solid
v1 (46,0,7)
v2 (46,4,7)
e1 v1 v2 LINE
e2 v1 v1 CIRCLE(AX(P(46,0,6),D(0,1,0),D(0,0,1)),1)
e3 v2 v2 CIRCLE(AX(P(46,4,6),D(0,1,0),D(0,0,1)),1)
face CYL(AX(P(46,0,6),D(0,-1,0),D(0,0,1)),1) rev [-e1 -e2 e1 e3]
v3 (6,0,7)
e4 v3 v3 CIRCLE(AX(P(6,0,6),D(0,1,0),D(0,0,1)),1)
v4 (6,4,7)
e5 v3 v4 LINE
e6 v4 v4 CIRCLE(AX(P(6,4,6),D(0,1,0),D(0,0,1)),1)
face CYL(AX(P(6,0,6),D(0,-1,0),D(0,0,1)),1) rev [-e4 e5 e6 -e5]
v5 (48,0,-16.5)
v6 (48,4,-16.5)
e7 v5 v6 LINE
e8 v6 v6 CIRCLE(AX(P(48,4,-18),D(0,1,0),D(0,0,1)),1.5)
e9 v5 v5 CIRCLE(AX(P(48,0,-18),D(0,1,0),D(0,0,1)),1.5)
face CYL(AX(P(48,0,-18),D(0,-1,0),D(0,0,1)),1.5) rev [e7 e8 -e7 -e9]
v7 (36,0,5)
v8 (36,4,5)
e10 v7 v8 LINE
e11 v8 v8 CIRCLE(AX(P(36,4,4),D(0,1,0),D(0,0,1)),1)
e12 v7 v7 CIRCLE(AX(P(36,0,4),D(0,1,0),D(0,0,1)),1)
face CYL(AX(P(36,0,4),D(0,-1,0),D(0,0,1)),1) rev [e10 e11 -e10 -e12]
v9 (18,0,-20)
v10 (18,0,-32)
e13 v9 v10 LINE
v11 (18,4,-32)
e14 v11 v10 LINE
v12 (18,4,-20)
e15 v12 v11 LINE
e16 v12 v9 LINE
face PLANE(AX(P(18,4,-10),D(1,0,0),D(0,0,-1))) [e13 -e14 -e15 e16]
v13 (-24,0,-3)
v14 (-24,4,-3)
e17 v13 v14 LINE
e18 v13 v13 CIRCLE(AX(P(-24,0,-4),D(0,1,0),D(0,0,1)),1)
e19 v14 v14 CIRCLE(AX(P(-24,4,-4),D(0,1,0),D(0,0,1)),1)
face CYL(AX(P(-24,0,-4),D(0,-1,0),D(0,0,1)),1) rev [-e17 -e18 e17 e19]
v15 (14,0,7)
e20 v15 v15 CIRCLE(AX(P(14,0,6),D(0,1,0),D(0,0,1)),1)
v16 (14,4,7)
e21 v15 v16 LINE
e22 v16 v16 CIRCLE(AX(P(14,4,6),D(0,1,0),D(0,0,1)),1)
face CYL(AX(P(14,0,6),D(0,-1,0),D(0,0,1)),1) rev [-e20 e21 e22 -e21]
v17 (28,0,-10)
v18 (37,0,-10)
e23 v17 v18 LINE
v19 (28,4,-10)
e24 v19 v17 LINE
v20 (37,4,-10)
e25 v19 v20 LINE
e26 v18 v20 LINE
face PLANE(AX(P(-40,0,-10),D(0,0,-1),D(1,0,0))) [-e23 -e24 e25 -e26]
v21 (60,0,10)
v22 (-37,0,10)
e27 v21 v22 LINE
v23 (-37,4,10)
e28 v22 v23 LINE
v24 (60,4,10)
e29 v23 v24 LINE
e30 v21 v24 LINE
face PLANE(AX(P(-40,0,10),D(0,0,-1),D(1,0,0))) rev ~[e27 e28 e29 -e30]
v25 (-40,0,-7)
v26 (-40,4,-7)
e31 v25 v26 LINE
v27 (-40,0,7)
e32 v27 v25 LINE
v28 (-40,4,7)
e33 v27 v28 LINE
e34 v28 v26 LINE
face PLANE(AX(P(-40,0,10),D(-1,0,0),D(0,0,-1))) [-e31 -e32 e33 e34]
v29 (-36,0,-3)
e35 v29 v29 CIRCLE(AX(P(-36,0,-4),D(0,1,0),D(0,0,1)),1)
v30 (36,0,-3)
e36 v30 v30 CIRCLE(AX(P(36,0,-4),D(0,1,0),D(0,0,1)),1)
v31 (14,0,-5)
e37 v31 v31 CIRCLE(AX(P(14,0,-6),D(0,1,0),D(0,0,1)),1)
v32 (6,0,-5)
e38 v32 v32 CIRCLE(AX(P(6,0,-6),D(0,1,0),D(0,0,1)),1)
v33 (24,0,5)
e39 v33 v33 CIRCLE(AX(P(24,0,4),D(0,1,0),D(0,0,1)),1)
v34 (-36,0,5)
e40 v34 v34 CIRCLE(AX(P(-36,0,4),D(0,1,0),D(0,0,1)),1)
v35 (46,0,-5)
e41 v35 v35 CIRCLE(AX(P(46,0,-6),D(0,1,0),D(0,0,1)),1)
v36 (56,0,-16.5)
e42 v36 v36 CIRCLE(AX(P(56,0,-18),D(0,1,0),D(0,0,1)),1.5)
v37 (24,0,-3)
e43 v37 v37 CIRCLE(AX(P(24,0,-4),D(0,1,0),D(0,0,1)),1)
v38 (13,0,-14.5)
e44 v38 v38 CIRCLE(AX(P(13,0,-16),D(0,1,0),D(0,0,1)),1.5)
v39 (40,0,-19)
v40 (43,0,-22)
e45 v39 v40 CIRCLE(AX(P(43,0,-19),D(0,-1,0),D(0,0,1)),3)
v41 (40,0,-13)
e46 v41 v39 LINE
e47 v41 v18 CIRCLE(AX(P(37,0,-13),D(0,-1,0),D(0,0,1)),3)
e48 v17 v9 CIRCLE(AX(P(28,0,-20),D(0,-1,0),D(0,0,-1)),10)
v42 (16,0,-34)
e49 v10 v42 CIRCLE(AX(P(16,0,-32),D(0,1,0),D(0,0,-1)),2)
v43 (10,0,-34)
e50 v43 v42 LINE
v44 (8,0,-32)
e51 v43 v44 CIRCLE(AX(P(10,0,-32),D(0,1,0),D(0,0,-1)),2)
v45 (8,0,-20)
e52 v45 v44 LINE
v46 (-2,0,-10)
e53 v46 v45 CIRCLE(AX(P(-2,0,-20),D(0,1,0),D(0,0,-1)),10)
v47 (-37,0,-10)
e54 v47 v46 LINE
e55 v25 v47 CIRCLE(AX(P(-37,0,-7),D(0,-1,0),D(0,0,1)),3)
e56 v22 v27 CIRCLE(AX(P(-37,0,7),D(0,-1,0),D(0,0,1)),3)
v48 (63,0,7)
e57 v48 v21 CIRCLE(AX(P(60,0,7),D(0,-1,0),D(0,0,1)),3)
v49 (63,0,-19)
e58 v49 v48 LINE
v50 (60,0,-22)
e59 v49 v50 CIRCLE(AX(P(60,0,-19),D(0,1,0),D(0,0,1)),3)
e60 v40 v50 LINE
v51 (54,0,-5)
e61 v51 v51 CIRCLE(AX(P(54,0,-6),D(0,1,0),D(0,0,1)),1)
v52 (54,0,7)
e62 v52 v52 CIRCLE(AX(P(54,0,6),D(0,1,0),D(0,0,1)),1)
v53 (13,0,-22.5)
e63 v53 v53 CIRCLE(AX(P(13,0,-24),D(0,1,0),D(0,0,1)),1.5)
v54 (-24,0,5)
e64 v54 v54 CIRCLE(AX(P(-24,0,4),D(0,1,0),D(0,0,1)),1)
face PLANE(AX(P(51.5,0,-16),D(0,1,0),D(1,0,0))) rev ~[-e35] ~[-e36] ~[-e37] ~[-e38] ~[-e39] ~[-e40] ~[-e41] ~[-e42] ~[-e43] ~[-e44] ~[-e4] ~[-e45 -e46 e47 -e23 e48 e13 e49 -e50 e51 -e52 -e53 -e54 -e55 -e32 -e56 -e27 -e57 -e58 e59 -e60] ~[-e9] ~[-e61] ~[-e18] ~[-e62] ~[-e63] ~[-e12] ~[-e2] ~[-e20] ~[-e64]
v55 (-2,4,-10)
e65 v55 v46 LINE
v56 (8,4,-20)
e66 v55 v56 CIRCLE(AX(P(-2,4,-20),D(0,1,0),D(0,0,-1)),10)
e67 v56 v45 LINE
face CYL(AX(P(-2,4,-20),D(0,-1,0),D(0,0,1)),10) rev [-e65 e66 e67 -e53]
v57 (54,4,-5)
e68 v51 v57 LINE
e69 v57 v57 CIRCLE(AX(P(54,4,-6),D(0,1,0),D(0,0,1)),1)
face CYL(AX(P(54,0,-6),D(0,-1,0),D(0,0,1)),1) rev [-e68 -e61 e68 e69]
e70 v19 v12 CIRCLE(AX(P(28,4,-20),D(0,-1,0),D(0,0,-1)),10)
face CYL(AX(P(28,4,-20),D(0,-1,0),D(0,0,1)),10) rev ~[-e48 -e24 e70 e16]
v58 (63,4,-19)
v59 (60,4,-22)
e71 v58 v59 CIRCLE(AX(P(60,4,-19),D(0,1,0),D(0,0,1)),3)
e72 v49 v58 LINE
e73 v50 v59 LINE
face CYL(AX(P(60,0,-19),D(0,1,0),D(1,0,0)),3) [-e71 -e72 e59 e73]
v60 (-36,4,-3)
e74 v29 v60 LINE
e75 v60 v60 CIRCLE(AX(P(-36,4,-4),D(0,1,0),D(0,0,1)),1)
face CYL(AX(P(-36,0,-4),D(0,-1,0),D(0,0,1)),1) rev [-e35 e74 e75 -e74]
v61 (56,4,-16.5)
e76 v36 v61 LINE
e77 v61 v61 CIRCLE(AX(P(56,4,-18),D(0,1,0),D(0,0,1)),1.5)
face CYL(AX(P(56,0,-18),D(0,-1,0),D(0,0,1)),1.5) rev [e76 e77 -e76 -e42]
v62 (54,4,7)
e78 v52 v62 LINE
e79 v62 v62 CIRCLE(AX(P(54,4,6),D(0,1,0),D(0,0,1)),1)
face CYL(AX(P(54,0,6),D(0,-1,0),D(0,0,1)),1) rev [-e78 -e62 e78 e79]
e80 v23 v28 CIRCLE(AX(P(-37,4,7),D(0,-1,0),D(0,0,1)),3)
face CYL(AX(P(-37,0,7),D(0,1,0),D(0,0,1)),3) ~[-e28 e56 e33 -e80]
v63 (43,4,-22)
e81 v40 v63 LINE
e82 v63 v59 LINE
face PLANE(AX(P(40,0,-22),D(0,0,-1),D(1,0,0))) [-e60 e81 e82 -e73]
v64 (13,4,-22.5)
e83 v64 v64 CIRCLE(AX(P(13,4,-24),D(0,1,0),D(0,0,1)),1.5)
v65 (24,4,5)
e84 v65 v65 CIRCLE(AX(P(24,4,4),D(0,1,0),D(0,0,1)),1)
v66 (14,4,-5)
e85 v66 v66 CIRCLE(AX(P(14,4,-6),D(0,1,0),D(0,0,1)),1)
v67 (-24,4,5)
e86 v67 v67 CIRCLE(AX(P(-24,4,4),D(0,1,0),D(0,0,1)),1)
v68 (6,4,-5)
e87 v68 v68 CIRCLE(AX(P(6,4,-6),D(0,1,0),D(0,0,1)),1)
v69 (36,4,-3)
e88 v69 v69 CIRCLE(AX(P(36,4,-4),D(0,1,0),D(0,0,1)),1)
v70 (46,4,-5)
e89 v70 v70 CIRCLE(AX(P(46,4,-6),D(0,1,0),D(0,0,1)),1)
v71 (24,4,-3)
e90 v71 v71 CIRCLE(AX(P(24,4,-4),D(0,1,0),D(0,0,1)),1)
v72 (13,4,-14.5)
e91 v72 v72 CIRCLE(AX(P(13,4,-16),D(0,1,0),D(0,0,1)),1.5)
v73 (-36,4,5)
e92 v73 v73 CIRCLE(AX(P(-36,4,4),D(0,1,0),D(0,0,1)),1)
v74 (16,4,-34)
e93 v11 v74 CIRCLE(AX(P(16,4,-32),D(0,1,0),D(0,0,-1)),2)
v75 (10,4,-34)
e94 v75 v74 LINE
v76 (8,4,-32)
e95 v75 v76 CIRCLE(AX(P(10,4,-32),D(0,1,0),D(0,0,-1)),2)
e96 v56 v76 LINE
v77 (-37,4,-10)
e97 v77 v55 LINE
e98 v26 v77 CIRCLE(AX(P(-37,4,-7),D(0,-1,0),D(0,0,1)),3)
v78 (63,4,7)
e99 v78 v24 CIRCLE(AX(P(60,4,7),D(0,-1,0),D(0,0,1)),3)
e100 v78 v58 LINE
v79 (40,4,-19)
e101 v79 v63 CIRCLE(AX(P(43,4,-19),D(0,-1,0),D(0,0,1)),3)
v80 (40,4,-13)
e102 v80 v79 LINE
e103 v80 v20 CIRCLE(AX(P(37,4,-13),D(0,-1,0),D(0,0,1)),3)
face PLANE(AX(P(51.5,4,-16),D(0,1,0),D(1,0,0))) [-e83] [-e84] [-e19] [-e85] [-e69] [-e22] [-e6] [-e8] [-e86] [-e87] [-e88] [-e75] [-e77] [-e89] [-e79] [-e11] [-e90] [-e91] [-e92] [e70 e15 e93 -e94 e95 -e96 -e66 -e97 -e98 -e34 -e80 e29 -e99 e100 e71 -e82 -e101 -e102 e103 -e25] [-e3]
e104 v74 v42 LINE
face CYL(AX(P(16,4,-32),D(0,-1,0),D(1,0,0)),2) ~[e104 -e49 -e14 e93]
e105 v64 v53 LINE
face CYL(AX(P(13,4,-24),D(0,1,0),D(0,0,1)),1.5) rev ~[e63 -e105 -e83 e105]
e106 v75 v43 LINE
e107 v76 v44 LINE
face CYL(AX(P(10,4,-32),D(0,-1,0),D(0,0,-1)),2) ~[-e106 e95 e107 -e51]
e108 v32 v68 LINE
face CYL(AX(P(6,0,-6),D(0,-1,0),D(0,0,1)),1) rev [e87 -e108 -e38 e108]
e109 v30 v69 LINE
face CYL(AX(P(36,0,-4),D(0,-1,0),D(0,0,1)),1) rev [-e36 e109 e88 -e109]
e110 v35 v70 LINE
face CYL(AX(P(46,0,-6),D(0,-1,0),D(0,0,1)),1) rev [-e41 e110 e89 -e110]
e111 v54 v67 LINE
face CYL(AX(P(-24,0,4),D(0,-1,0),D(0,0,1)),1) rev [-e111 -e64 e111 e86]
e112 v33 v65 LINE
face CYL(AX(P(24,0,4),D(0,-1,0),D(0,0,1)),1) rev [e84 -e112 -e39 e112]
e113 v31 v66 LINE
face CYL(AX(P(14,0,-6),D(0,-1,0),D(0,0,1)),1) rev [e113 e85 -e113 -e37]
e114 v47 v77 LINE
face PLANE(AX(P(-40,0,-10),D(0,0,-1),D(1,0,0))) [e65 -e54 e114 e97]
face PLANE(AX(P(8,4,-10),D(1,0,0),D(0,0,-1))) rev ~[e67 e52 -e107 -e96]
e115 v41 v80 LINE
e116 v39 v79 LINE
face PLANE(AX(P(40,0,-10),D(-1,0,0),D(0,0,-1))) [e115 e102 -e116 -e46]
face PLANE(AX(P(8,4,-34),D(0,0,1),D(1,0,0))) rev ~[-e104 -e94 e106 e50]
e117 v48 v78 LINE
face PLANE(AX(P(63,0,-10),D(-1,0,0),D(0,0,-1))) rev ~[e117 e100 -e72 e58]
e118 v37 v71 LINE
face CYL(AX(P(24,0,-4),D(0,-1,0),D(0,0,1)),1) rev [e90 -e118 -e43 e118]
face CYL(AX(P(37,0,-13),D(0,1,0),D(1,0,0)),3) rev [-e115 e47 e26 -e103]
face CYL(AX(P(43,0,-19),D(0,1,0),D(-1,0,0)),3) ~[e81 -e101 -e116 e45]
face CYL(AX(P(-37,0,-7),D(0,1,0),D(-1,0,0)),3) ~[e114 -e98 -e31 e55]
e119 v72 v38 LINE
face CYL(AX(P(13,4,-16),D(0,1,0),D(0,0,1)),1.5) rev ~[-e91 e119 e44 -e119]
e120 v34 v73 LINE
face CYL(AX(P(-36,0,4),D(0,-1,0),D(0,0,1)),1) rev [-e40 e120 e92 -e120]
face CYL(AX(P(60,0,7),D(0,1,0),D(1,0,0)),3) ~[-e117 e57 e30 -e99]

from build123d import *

# Parameters (mm, degrees)
SKETCH_1_W      = 80
SKETCH_1_H      = 20
SKETCH_1_R      = 1
SKETCH_1_W_2    = 23
SKETCH_1_H_2    = 12
SKETCH_1_R_2    = 1.5
EXTRUDE_1_DEPTH = 4
FILLET_1_R      = 3
SKETCH_2_W      = 10
SKETCH_2_H      = 24
SKETCH_2_R      = 1.5
EXTRUDE_2_DEPTH = 4
FILLET_2_R      = 10
FILLET_3_R      = 2


with BuildPart() as part:
    # 草图1 → 凸台-拉伸1 (new body)
    # profile 1 of 3: a face of its own
    with BuildSketch(Plane(origin=(0, 0, 0), x_dir=(1, 0, 0), z_dir=(0, 1, 0))):
        Rectangle(SKETCH_1_W, SKETCH_1_H)
        with Locations(Location((-36, -4, 0), (0, 0, 270))):
            Circle(SKETCH_1_R, mode=Mode.SUBTRACT)
        with Locations(Location((-24, -4, 0), (0, 0, 270))):
            Circle(SKETCH_1_R, mode=Mode.SUBTRACT)
        with Locations(Location((36, 4, 0), (0, 0, 270))):
            Circle(SKETCH_1_R, mode=Mode.SUBTRACT)
        with Locations(Location((24, 4, 0), (0, 0, 270))):
            Circle(SKETCH_1_R, mode=Mode.SUBTRACT)
        with Locations(Location((14, 6, 0), (0, 0, 270))):
            Circle(SKETCH_1_R, mode=Mode.SUBTRACT)
        with Locations(Location((6, 6, 0), (0, 0, 270))):
            Circle(SKETCH_1_R, mode=Mode.SUBTRACT)
        with Locations(Location((14, -6, 0), (0, 0, 270))):
            Circle(SKETCH_1_R, mode=Mode.SUBTRACT)
        with Locations(Location((6, -6, 0), (0, 0, 270))):
            Circle(SKETCH_1_R, mode=Mode.SUBTRACT)
        with Locations(Location((36, -4, 0), (0, 0, 270))):
            Circle(SKETCH_1_R, mode=Mode.SUBTRACT)
        with Locations(Location((24, -4, 0), (0, 0, 270))):
            Circle(SKETCH_1_R, mode=Mode.SUBTRACT)
        with Locations(Location((-36, 4, 0), (0, 0, 270))):
            Circle(SKETCH_1_R, mode=Mode.SUBTRACT)
        with Locations(Location((-24, 4, 0), (0, 0, 270))):
            Circle(SKETCH_1_R, mode=Mode.SUBTRACT)
    # profile 2 of 3: a face of its own
    with BuildSketch(Plane(origin=(0, 0, 0), x_dir=(1, 0, 0), z_dir=(0, 1, 0))):
        with Locations((51.5, 0)):
            Rectangle(SKETCH_1_W_2, SKETCH_1_H)
        with Locations(Location((46, -6, 0), (0, 0, 270))):
            Circle(SKETCH_1_R, mode=Mode.SUBTRACT)
        with Locations(Location((46, 6, 0), (0, 0, 270))):
            Circle(SKETCH_1_R, mode=Mode.SUBTRACT)
        with Locations(Location((54, -6, 0), (0, 0, 270))):
            Circle(SKETCH_1_R, mode=Mode.SUBTRACT)
        with Locations(Location((54, 6, 0), (0, 0, 270))):
            Circle(SKETCH_1_R, mode=Mode.SUBTRACT)
    # profile 3 of 3: a face of its own
    with BuildSketch(Plane(origin=(0, 0, 0), x_dir=(1, 0, 0), z_dir=(0, 1, 0))):
        with Locations((51.5, 16)):
            Rectangle(SKETCH_1_W_2, SKETCH_1_H_2)
        with Locations(Location((56, 18, 0), (0, 0, 270))):
            Circle(SKETCH_1_R_2, mode=Mode.SUBTRACT)
        with Locations(Location((48, 18, 0), (0, 0, 270))):
            Circle(SKETCH_1_R_2, mode=Mode.SUBTRACT)
    extrude(amount=EXTRUDE_1_DEPTH)

    # 圆角1
    fillet_1_edges = [part.edges().sort_by_distance(p)[0] for p in [
        (-40, 2, 10),
        (-40, 2, -10),
        (40, 2, -10),
        (40, 2, -22),
        (63, 2, -22),
        (63, 2, 10),
    ]]
    fillet(fillet_1_edges, radius=FILLET_1_R)

    # 草图2 → 凸台-拉伸2 (add)
    with BuildSketch(Plane(origin=(0, 4, 0), x_dir=(1, 0, 0), z_dir=(0, 1, 0))):
        with Locations((13, 22)):
            Rectangle(SKETCH_2_W, SKETCH_2_H)
        with Locations(Location((13, 24, 0), (0, 0, 270))):
            Circle(SKETCH_2_R, mode=Mode.SUBTRACT)
        with Locations(Location((13, 16, 0), (0, 0, 270))):
            Circle(SKETCH_2_R, mode=Mode.SUBTRACT)
    extrude(amount=-EXTRUDE_2_DEPTH)

    # 圆角2
    fillet_2_edges = [part.edges().sort_by_distance(p)[0] for p in [
        (18, 2, -10),
        (8, 2, -10),
    ]]
    fillet(fillet_2_edges, radius=FILLET_2_R)

    # 圆角3
    fillet_3_edges = [part.edges().sort_by_distance(p)[0] for p in [
        (8, 2, -34),
        (18, 2, -34),
    ]]
    fillet(fillet_3_edges, radius=FILLET_3_R)


solid = part.part
